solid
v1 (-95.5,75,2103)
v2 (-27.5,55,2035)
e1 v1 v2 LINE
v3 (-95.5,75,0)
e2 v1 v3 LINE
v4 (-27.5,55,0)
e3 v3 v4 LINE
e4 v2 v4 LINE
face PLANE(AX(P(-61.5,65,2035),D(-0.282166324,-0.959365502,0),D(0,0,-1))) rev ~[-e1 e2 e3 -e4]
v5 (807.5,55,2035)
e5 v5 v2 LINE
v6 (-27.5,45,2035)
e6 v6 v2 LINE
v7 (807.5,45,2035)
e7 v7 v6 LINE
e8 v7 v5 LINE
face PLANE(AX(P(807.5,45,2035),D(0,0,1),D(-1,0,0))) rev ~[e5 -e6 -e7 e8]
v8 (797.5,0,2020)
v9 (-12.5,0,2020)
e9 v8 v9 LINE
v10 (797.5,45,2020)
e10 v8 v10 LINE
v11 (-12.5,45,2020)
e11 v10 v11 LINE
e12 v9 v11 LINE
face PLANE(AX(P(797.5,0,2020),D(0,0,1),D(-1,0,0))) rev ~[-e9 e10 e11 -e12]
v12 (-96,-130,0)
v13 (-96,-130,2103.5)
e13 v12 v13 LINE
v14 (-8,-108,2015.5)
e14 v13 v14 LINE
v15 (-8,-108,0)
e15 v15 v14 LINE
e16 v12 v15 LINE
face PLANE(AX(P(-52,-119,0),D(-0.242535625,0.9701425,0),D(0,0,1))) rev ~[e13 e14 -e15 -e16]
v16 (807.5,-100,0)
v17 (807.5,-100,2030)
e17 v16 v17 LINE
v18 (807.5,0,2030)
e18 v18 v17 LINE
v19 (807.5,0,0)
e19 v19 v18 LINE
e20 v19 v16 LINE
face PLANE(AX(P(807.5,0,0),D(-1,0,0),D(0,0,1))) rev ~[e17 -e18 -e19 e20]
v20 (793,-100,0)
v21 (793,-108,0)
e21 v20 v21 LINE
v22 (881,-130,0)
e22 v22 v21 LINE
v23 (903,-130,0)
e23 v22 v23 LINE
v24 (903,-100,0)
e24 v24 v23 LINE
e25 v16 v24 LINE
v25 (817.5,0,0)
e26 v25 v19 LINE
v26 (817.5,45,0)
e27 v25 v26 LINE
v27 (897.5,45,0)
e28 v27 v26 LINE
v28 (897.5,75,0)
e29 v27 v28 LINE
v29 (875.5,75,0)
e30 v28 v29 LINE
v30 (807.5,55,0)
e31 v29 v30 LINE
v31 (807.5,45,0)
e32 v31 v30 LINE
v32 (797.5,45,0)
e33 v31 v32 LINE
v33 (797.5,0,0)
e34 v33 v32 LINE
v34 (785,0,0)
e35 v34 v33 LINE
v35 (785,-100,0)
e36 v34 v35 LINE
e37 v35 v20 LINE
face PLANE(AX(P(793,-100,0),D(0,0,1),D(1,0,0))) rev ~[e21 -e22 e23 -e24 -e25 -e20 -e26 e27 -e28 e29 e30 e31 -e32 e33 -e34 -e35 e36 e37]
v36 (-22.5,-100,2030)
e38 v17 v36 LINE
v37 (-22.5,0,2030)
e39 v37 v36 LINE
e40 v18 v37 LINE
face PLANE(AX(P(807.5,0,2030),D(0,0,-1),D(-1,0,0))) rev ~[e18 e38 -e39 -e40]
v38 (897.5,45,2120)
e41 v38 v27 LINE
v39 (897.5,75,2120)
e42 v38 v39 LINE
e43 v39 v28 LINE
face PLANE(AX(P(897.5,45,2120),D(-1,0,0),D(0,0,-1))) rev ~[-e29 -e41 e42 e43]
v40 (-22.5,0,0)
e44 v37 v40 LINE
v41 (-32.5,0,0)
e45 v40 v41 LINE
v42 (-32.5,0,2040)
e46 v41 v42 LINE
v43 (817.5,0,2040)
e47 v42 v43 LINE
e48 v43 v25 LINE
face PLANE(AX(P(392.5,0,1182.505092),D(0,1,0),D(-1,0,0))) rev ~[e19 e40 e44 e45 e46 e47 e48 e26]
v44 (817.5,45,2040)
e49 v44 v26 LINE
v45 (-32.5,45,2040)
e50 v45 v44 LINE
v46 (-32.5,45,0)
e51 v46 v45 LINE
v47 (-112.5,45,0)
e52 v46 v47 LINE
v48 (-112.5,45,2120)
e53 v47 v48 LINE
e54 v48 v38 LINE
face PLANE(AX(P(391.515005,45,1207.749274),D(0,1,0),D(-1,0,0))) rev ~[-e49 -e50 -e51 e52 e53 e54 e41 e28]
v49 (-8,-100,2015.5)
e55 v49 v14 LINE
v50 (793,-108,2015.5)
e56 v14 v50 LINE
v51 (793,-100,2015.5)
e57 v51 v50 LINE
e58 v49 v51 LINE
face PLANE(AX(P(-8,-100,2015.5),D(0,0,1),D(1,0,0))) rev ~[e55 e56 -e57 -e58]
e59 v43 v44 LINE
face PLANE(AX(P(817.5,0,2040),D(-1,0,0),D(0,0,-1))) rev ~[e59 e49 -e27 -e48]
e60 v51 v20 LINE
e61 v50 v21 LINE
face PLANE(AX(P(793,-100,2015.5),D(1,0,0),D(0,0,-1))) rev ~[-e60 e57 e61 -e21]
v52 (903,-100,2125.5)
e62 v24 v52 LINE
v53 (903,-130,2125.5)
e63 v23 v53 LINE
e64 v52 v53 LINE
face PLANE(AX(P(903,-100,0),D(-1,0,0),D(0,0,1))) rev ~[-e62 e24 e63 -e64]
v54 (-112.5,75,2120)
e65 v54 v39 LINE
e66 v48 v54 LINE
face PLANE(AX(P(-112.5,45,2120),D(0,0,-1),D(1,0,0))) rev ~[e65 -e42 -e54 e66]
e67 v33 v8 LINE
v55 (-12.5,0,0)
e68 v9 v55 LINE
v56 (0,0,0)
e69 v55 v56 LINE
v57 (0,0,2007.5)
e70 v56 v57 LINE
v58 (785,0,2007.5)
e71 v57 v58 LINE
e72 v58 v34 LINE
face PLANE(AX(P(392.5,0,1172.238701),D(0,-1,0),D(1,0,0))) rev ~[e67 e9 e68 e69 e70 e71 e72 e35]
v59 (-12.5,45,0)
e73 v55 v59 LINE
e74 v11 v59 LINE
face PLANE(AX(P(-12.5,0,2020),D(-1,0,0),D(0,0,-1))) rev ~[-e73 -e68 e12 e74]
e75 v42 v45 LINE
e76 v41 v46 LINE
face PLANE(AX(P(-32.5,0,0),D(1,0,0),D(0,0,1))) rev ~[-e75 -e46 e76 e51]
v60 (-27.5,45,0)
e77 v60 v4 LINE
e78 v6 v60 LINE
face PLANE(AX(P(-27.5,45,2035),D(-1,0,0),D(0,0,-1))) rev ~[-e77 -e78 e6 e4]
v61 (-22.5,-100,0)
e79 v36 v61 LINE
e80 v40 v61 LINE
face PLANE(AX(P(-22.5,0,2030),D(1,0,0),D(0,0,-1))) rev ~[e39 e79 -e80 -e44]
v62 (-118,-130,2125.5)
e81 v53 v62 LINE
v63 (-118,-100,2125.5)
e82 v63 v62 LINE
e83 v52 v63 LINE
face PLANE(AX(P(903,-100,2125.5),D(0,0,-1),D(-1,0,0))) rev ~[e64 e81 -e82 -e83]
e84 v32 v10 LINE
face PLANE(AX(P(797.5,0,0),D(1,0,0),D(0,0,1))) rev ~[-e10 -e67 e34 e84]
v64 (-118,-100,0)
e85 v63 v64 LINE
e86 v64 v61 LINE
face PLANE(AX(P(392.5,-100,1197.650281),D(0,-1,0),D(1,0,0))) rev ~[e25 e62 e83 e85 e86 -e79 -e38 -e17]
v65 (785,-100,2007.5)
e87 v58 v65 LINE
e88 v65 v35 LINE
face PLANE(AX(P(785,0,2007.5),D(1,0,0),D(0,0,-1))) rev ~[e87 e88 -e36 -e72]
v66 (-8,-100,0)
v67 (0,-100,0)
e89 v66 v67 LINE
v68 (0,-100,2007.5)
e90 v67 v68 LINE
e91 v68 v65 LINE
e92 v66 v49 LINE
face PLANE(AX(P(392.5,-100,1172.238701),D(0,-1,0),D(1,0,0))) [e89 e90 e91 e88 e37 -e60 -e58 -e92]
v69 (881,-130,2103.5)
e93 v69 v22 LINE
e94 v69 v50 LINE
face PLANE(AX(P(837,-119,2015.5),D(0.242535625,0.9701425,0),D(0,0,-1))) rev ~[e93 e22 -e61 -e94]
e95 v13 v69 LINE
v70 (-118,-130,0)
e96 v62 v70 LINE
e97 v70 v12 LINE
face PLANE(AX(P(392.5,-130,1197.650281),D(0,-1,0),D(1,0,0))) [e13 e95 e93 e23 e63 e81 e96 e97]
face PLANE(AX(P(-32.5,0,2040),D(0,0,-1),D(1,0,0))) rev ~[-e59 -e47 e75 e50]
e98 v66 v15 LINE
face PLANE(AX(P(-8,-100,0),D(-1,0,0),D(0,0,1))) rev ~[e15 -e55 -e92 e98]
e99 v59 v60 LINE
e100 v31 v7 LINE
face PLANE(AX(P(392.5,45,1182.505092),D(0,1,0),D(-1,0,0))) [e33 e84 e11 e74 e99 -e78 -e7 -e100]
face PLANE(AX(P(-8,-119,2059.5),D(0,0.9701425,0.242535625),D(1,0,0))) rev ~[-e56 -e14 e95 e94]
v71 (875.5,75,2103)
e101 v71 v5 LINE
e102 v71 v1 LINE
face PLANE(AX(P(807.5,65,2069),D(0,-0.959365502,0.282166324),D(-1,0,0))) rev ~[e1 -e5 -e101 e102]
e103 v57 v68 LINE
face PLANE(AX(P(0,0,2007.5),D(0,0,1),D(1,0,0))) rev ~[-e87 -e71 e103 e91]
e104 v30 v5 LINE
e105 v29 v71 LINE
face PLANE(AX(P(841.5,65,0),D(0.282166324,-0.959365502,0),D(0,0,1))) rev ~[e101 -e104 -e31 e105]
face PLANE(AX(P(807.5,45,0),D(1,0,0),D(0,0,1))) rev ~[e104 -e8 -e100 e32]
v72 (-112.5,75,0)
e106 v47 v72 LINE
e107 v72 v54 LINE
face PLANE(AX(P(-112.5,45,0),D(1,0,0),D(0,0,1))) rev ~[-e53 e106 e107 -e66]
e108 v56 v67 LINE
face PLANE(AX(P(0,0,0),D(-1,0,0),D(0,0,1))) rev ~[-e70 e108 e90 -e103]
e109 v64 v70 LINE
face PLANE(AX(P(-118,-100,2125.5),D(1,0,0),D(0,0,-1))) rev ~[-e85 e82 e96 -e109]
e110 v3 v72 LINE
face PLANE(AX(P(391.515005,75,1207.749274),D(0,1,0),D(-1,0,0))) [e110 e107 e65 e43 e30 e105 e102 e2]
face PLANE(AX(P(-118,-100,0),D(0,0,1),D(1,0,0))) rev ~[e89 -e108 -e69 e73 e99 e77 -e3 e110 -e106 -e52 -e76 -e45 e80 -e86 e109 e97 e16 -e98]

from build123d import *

# Parameters (mm, degrees)
F1_DEPTH = 100
F3_DEPTH = 45
F5_DEPTH = 30
F6_SIZE2 = 20
F6_SIZE  = 68
F8_DEPTH = 30
F9_SIZE2 = 22
F9_SIZE  = 88


with BuildPart() as f1:
    # F0 (on Front) → F1 (new body)
    with BuildSketch(Plane.XZ):
        Polygon((-22.5, 0), (0, 0), (0, 2007.5), (785, 2007.5), (785, 0), (807.5, 0), (807.5, 2030), (-22.5, 2030), align=None)
    extrude(amount=F1_DEPTH)

    # F2 (on face) → F3 (join)
    with BuildSketch(Plane(origin=(0, 0, 0), x_dir=(-1, 0, 0), z_dir=(0, 1, 0))):
        Polygon((12.5, 0), (22.5, 0), (32.5, 0), (32.5, 2040), (-817.5, 2040), (-817.5, 0), (-807.5, 0), (-797.5, 0), (-797.5, 2020), (12.5, 2020), align=None)
    extrude(amount=F3_DEPTH)

    # F4 (on face) → F5 (join)
    with BuildSketch(Plane(origin=(0, 45, 0), x_dir=(-1, 0, 0), z_dir=(0, 1, 0))):
        Polygon((-897.5, 0), (-817.5, 0), (-807.5, 0), (-807.5, 2035), (27.5, 2035), (27.5, 0), (32.5, 0), (112.5, 0), (112.5, 2120), (-897.5, 2120), align=None)
    extrude(amount=F5_DEPTH)

    # F6
    f6_edges = [f1.edges().sort_by_distance(p)[0] for p in [
        (390, 75, 2035),
        (-27.5, 75, 1017.5),
        (807.5, 75, 1017.5),
    ]]
    f6_side = f1.faces().sort_by_distance((852.5, 75, 23.482973))[0]
    chamfer(f6_edges, length=F6_SIZE, length2=F6_SIZE2, reference=f6_side)

    # F7 (on face) → F8 (join)
    with BuildSketch(Plane.XZ.offset(100)):
        Polygon((-118, 0), (-8, 0), (-8, 2015.5), (793, 2015.5), (793, 0), (903, 0), (903, 2125.5), (-118, 2125.5), align=None)
    extrude(amount=F8_DEPTH)

    # F9
    f9_edges = [f1.edges().sort_by_distance(p)[0] for p in [
        (793, -130, 1007.75),
        (392.5, -130, 2015.5),
        (-8, -130, 1007.75),
    ]]
    f9_side = f1.faces().sort_by_distance((-63, -130, 23.580058))[0]
    chamfer(f9_edges, length=F9_SIZE, length2=F9_SIZE2, reference=f9_side)


solid = f1.part
